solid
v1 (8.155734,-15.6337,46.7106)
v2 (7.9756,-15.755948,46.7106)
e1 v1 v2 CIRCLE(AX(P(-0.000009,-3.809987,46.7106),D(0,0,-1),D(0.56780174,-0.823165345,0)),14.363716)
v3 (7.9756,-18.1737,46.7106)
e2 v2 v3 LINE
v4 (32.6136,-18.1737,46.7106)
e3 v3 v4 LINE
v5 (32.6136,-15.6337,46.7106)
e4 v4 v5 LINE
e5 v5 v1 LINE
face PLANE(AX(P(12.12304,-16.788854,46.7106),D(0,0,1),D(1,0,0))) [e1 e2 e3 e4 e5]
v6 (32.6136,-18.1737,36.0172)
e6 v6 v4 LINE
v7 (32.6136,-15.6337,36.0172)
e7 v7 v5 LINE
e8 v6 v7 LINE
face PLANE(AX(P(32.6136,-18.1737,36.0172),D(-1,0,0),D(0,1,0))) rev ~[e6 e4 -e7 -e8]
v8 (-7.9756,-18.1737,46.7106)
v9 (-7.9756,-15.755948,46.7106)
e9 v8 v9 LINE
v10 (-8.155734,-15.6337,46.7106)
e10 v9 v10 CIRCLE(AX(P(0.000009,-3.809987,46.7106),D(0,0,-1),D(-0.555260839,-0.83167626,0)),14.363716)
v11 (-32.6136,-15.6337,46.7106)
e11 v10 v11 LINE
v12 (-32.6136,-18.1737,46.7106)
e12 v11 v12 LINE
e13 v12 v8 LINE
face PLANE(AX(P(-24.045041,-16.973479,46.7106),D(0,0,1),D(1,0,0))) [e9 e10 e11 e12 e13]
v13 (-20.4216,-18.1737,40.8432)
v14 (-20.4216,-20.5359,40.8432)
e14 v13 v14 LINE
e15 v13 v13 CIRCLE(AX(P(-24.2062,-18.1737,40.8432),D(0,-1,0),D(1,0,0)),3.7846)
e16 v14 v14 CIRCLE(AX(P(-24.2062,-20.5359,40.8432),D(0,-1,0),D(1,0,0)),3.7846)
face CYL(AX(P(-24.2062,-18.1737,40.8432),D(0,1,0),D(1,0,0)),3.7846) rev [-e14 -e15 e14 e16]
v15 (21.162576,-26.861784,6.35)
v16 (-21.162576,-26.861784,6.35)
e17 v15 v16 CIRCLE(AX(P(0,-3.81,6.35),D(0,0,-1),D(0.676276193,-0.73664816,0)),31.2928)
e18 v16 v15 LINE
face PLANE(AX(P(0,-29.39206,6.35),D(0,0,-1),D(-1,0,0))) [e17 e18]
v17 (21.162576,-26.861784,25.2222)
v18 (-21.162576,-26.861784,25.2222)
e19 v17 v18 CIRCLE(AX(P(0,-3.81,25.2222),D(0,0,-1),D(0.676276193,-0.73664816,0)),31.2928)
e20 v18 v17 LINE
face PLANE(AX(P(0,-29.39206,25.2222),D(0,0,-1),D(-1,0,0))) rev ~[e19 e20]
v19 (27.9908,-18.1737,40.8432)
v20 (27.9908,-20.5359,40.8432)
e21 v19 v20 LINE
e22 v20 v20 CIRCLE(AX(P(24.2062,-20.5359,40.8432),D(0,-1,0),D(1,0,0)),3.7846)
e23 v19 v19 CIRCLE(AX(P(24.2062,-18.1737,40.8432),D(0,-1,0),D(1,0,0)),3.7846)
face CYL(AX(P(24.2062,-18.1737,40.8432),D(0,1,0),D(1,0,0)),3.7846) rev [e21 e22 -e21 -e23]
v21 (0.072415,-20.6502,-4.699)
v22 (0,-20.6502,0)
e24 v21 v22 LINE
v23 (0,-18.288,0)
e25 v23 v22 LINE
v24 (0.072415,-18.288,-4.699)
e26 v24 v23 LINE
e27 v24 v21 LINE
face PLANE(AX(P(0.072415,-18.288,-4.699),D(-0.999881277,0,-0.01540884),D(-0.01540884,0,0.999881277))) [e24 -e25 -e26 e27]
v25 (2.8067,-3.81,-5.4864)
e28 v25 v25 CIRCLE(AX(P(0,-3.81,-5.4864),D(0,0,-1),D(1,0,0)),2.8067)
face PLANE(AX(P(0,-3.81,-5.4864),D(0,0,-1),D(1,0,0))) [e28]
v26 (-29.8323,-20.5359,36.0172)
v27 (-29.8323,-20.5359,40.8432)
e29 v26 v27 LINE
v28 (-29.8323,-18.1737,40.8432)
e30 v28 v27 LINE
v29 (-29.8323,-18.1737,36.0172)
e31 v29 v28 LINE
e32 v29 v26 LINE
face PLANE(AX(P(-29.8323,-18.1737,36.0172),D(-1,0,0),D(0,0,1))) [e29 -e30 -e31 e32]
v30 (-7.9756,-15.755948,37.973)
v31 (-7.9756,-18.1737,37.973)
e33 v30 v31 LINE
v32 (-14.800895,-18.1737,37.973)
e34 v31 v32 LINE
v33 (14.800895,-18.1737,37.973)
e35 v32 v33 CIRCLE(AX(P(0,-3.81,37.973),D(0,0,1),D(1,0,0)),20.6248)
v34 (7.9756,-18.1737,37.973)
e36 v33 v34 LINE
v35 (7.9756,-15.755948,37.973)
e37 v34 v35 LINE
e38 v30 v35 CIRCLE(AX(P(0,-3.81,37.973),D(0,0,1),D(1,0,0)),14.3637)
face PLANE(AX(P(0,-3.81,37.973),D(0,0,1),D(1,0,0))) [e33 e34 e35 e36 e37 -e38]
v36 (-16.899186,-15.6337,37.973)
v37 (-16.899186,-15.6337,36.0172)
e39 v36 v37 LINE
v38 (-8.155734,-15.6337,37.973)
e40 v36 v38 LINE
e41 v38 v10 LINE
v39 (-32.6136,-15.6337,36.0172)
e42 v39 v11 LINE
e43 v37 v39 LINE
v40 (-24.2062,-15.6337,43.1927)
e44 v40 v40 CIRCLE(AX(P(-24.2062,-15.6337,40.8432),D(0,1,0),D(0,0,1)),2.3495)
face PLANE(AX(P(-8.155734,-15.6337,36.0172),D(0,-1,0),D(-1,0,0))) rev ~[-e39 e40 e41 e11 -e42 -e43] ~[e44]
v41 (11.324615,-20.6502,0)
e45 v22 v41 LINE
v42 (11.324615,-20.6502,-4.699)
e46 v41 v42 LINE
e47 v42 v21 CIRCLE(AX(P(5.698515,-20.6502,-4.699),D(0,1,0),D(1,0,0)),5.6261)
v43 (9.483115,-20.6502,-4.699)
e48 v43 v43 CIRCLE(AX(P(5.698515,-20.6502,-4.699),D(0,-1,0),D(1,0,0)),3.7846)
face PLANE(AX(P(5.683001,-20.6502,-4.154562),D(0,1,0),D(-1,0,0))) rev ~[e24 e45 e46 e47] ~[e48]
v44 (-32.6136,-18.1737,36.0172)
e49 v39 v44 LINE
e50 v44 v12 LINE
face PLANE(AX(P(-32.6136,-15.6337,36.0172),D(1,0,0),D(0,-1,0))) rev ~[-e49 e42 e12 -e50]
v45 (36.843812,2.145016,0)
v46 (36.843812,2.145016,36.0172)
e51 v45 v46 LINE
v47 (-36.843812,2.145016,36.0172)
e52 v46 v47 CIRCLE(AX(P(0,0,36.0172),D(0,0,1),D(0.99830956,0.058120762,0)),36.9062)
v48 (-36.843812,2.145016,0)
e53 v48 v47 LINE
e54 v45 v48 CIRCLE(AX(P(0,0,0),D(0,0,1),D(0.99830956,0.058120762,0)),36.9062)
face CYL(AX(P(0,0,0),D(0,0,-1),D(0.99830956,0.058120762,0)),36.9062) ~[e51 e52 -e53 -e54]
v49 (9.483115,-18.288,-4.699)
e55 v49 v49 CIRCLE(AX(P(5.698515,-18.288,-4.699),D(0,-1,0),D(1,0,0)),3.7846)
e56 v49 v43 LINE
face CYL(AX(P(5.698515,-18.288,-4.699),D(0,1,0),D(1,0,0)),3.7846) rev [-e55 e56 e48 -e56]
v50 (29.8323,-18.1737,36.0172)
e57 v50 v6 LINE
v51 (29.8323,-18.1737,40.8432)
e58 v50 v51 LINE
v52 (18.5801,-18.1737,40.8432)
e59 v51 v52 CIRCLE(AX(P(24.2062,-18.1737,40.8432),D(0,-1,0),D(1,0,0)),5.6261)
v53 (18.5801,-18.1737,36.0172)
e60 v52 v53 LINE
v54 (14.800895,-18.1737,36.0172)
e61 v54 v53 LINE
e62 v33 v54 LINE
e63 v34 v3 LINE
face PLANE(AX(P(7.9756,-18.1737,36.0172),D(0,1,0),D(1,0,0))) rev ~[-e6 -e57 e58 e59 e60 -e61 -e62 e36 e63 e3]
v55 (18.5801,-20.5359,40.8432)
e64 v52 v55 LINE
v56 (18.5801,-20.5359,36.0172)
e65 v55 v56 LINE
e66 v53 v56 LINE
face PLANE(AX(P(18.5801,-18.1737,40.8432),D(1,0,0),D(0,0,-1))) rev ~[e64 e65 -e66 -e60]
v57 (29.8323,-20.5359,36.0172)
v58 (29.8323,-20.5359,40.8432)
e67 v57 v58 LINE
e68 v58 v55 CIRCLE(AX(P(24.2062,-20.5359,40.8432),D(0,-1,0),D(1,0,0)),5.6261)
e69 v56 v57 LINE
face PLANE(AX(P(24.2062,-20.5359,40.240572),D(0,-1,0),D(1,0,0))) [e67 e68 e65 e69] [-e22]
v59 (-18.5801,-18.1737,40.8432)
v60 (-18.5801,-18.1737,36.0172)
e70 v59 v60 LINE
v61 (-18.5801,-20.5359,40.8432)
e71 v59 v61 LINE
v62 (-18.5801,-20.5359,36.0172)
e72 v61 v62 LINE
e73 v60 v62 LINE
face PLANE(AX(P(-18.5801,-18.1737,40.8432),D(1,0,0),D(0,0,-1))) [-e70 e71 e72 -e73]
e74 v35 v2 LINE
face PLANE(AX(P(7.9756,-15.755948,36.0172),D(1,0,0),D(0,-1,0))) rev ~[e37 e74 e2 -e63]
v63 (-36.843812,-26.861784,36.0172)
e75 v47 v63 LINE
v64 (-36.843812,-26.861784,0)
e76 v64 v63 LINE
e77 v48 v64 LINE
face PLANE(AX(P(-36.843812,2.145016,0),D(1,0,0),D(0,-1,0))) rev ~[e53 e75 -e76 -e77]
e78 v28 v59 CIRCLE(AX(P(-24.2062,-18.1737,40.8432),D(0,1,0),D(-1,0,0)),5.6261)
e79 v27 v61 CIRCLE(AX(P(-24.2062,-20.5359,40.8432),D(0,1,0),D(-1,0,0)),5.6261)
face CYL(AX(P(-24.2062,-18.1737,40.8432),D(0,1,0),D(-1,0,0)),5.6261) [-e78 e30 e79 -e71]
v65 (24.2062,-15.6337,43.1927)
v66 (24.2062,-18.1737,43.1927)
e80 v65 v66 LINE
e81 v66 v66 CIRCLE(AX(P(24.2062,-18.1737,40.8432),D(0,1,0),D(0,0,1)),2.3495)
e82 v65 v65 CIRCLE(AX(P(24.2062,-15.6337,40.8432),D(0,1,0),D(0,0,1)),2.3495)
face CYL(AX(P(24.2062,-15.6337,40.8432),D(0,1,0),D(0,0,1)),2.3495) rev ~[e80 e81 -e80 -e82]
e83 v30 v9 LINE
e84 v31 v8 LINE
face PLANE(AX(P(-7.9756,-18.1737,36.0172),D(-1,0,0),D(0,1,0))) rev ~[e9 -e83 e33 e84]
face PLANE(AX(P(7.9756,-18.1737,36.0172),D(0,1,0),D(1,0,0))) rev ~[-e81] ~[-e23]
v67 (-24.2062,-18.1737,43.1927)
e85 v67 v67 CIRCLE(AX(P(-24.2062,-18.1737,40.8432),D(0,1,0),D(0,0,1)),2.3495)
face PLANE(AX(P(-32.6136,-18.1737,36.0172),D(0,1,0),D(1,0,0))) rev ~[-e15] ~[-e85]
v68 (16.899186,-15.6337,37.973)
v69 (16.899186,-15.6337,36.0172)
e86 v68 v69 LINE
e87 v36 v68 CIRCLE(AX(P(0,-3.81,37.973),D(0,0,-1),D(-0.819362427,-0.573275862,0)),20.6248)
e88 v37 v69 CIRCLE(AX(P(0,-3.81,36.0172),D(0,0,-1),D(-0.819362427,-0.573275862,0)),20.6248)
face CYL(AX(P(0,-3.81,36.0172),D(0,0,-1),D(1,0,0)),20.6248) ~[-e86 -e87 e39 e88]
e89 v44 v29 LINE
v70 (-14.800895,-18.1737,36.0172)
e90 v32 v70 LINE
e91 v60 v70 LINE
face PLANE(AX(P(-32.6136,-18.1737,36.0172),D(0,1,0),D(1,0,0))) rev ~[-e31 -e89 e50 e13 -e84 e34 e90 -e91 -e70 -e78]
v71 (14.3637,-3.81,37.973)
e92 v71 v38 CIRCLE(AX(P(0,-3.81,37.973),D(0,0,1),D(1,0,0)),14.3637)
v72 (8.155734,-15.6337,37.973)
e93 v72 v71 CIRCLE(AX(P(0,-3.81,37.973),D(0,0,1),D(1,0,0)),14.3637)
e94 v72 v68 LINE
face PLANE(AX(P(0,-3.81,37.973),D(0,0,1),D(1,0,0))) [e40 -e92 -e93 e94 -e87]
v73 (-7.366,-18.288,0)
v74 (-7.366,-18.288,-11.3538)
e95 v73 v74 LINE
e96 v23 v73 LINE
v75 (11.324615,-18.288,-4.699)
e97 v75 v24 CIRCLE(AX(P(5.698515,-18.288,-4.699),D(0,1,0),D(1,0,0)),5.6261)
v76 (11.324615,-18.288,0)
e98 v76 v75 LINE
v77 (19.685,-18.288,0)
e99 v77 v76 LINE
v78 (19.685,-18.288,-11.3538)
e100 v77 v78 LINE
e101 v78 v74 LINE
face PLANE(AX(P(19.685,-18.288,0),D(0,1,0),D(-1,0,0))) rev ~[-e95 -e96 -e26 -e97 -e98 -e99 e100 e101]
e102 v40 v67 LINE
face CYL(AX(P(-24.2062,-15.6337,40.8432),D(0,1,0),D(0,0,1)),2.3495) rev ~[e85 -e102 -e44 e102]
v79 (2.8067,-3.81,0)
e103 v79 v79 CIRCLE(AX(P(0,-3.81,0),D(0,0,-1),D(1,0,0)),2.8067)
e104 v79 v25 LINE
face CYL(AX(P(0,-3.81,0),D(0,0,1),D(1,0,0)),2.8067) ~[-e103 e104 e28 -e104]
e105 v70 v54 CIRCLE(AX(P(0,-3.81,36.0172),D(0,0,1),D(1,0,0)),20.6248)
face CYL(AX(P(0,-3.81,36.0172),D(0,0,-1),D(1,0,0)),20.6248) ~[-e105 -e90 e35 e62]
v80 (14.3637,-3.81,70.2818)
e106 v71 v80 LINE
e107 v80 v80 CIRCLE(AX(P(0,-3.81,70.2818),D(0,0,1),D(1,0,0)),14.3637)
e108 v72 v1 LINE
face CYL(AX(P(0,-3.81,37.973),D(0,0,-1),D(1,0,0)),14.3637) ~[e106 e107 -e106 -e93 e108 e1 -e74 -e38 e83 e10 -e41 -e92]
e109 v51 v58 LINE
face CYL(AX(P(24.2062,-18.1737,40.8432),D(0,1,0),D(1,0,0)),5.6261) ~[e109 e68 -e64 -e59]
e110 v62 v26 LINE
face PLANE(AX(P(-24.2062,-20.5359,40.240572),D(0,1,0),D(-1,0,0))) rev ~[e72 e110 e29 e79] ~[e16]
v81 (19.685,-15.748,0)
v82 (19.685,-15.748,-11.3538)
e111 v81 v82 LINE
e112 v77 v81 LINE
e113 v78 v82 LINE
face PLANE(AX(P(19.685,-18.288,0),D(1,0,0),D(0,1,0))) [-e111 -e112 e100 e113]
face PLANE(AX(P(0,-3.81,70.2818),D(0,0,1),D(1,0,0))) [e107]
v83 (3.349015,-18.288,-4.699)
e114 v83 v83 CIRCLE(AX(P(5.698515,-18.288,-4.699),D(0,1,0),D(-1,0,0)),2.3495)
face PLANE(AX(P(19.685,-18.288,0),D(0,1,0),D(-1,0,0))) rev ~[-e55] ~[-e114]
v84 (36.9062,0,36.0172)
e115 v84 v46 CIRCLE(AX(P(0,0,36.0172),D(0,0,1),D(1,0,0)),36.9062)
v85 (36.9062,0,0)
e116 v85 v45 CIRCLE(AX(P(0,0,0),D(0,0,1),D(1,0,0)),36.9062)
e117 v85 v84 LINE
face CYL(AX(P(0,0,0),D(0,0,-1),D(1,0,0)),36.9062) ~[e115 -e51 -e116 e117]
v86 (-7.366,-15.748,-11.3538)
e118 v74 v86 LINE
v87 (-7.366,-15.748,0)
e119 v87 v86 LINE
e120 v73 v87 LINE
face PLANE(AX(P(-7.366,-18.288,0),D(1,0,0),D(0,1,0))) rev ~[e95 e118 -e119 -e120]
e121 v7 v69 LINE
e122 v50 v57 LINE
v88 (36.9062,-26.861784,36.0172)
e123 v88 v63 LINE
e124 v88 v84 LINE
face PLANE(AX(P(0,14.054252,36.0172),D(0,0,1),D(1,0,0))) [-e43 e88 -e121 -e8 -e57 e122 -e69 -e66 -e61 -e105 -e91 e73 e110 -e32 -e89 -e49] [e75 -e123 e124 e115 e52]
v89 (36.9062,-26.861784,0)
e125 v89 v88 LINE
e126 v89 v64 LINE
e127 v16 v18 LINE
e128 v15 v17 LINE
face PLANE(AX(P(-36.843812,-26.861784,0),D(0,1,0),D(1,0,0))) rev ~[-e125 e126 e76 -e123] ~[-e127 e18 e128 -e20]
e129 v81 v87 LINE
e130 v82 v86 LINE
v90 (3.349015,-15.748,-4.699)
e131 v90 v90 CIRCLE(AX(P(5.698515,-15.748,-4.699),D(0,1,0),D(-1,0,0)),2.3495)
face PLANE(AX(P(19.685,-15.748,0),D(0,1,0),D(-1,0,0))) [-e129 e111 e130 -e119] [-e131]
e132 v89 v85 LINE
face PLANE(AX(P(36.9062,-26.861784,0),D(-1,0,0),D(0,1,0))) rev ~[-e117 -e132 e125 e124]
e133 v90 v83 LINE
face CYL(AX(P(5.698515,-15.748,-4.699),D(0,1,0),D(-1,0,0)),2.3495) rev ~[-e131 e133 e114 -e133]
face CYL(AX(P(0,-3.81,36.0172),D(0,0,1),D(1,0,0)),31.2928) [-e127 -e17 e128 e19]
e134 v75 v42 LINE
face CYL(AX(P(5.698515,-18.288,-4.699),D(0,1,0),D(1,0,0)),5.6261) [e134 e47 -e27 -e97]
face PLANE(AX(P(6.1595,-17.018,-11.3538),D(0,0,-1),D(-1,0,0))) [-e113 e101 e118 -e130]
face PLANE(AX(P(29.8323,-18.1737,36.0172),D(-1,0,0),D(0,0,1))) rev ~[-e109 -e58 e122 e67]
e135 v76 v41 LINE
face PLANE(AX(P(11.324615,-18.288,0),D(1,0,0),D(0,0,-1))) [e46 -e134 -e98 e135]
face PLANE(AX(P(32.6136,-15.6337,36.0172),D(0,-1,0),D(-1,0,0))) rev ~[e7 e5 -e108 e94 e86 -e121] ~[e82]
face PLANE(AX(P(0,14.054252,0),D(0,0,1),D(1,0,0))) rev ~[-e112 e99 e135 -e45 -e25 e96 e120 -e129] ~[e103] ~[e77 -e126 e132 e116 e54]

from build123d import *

# Parameters (mm, degrees)
BOSS_EXTRUDE1_DEPTH  = 36.0172
SKETCH7_R            = 31.2928
BOSS_EXTRUDE4_DEPTH  = 36.0172
CUT_EXTRUDE2_START   = -6.35
CUT_EXTRUDE2_DEPTH   = 6.35
CUT_EXTRUDE3_DEPTH   = 10.795
SKETCH10_R           = 2.8067
BOSS_EXTRUDE5_DEPTH  = 5.4864
SKETCH11_R           = 20.6248
BOSS_EXTRUDE6_DEPTH  = 1.9558
SKETCH12_R           = 14.3637
BOSS_EXTRUDE7_DEPTH  = 32.3088
BOSS_EXTRUDE9_DEPTH  = 10.6934
SKETCH14_R           = 2.3495
CUT_EXTRUDE4_DEPTH   = 2.54
SKETCH15_W           = 27.051
SKETCH15_H           = 2.54
BOSS_EXTRUDE10_DEPTH = 11.3538
SKETCH16_R           = 2.3495
CUT_EXTRUDE5_DEPTH   = 2.54
SKETCH17_R           = 3.7846
BOSS_EXTRUDE11_DEPTH = 2.3622
SKETCH18_R           = 3.7846
BOSS_EXTRUDE13_DEPTH = 2.3622


with BuildPart() as part:
    # Sketch1 → Boss-Extrude1 (new body)
    with BuildSketch(Plane.XY):
        with BuildLine():
            ThreePointArc((36.843812273, 2.145016468), (0, 36.9062), (-36.843812273, 2.145016468))
            Line((-36.843812273, 2.145016468), (36.843812273, 2.145016468))
        make_face()
        with BuildLine():
            Line((36.843812273, 2.145016468), (-36.843812273, 2.145016468))
            Line((-36.843812273, 2.145016468), (-36.843812273, -2.145016468))
            ThreePointArc((-36.843812273, -2.145016468), (-33.44326867, -15.608183082), (-25.30834218, -26.861783532))
            Line((-25.30834218, -26.861783532), (25.30834218, -26.861783532))
            ThreePointArc((25.30834218, -26.861783532), (33.882903776, -14.629300398), (36.9062, 0))
            ThreePointArc((36.9062, 0), (36.890599771, 1.072961774), (36.843812273, 2.145016468))
        make_face()
        with BuildLine():
            Line((36.9062, -26.861783532), (36.9062, 0))
            ThreePointArc((36.9062, 0), (33.882903776, -14.629300398), (25.30834218, -26.861783532))
            Line((25.30834218, -26.861783532), (36.9062, -26.861783532))
        make_face()
        with BuildLine():
            ThreePointArc((-25.30834218, -26.861783532), (-33.44326867, -15.608183082), (-36.843812273, -2.145016468))
            Line((-36.843812273, -2.145016468), (-36.843812273, -26.861783532))
            Line((-36.843812273, -26.861783532), (-25.30834218, -26.861783532))
        make_face()
    extrude(amount=BOSS_EXTRUDE1_DEPTH)

    # Sketch7 → Boss-Extrude4 (add)
    with BuildSketch(Plane.XY.offset(36.0172)):
        with Locations((0, -3.81)):
            Circle(SKETCH7_R)
    extrude(amount=-BOSS_EXTRUDE4_DEPTH)

    # Sketch6 → Cut-Extrude2 (cut)
    with BuildSketch(Plane(origin=(0, 0, 0), x_dir=(-1, 0, 0), z_dir=(0, 0, -1)).offset(CUT_EXTRUDE2_START)):
        with BuildLine():
            Line((21.162575643, -26.861783532), (-21.162575643, -26.861783532))
            ThreePointArc((-21.162575643, -26.861783532), (0, -35.1028), (21.162575643, -26.861783532))
        make_face()
    extrude(amount=CUT_EXTRUDE2_DEPTH, mode=Mode.SUBTRACT)

    # Sketch9 → Cut-Extrude3 (cut)
    with BuildSketch(Plane.XY.offset(36.0172)):
        with BuildLine():
            Line((-21.162575643, -26.861783532), (21.162575643, -26.861783532))
            ThreePointArc((21.162575643, -26.861783532), (0, -35.1028), (-21.162575643, -26.861783532))
        make_face()
    extrude(amount=-CUT_EXTRUDE3_DEPTH, mode=Mode.SUBTRACT)

    # Sketch10 → Boss-Extrude5 (add)
    with BuildSketch(Plane(origin=(0, 0, 0), x_dir=(-1, 0, 0), z_dir=(0, 0, -1))):
        with Locations(Location((0, -3.81, 0), (0, 0, 180))):
            Circle(SKETCH10_R)
    extrude(amount=BOSS_EXTRUDE5_DEPTH)

    # Sketch11 → Boss-Extrude6 (add)
    with BuildSketch(Plane.XY.offset(36.0172)):
        with Locations((0, -3.81)):
            Circle(SKETCH11_R)
    extrude(amount=BOSS_EXTRUDE6_DEPTH)

    # Sketch12 → Boss-Extrude7 (add)
    with BuildSketch(Plane.XY.offset(37.973)):
        with Locations((0, -3.81)):
            Circle(SKETCH12_R)
    extrude(amount=BOSS_EXTRUDE7_DEPTH)

    # Sketch13 → Boss-Extrude9 (add)
    with BuildSketch(Plane.XY.offset(36.0172)):
        with BuildLine():
            Line((-32.6136, -18.1737), (-14.800895154, -18.1737))
            ThreePointArc((-14.800895154, -18.1737), (-15.900839256, -16.945664657), (-16.899186174, -15.6337))
            Line((-16.899186174, -15.6337), (-32.6136, -15.6337))
            Line((-32.6136, -15.6337), (-32.6136, -18.1737))
        make_face()
        with BuildLine():
            ThreePointArc((-16.899186174, -15.6337), (-15.900839256, -16.945664657), (-14.800895154, -18.1737))
            Line((-14.800895154, -18.1737), (-7.9756, -18.1737))
            Line((-7.9756, -18.1737), (-7.9756, -15.755948365))
            ThreePointArc((-7.9756, -15.755948365), (-8.065898573, -15.695165455), (-8.155733934, -15.6337))
            Line((-8.155733934, -15.6337), (-16.899186174, -15.6337))
        make_face()
        with BuildLine():
            Line((7.9756, -18.1737), (14.800895154, -18.1737))
            ThreePointArc((14.800895154, -18.1737), (15.900839256, -16.945664657), (16.899186174, -15.6337))
            Line((16.899186174, -15.6337), (8.155733934, -15.6337))
            ThreePointArc((8.155733934, -15.6337), (8.065898573, -15.695165455), (7.9756, -15.755948365))
            Line((7.9756, -15.755948365), (7.9756, -18.1737))
        make_face()
        with BuildLine():
            Line((14.800895154, -18.1737), (32.6136, -18.1737))
            Line((32.6136, -18.1737), (32.6136, -15.6337))
            Line((32.6136, -15.6337), (16.899186174, -15.6337))
            ThreePointArc((16.899186174, -15.6337), (15.900839256, -16.945664657), (14.800895154, -18.1737))
        make_face()
    extrude(amount=BOSS_EXTRUDE9_DEPTH)

    # Sketch14 → Cut-Extrude4 (cut)
    with BuildSketch(Plane(origin=(0, -15.6337, 0), x_dir=(1, 0, 0), z_dir=(0, 1, 0))):
        with Locations(Location((-24.2062, -40.8432, 0), (0, 0, 270))):
            Circle(SKETCH14_R)
        with Locations(Location((24.2062, -40.8432, 0), (0, 0, 270))):
            Circle(SKETCH14_R)
    extrude(amount=-CUT_EXTRUDE4_DEPTH, mode=Mode.SUBTRACT)

    # Sketch15 → Boss-Extrude10 (add)
    with BuildSketch(Plane(origin=(0, 0, 0), x_dir=(-1, 0, 0), z_dir=(0, 0, -1))):
        with Locations((-6.1595, -17.018)):
            Rectangle(SKETCH15_W, SKETCH15_H)
    extrude(amount=BOSS_EXTRUDE10_DEPTH)

    # Sketch16 → Cut-Extrude5 (cut)
    with BuildSketch(Plane(origin=(0, -15.748, 0), x_dir=(1, 0, 0), z_dir=(0, 1, 0))):
        with Locations(Location((5.698514736, 4.699, 0), (0, 0, 180))):
            Circle(SKETCH16_R)
    extrude(amount=-CUT_EXTRUDE5_DEPTH, mode=Mode.SUBTRACT)

    # Sketch17 → Boss-Extrude11 (add)
    with BuildSketch(Plane.XZ.offset(18.288)):
        with BuildLine():
            Line((0.072414736, -4.699), (0, 0))
            Line((0, 0), (11.324614736, 0))
            Line((11.324614736, 0), (11.324614736, -4.699))
            ThreePointArc((11.324614736, -4.699), (5.698514736, -10.3251), (0.072414736, -4.699))
        make_face()
        with Locations((5.698514736, -4.699)):
            Circle(SKETCH17_R, mode=Mode.SUBTRACT)
    extrude(amount=BOSS_EXTRUDE11_DEPTH)

    # Sketch18 → Boss-Extrude13 (add)
    # profile 1 of 2: a face of its own
    with BuildSketch(Plane.XZ.offset(18.1737)):
        with BuildLine():
            Line((-18.5801, 40.8432), (-18.5801, 36.0172))
            Line((-18.5801, 36.0172), (-29.8323, 36.0172))
            Line((-29.8323, 36.0172), (-29.8323, 40.8432))
            ThreePointArc((-29.8323, 40.8432), (-24.2062, 46.4693), (-18.5801, 40.8432))
        make_face()
        with Locations((-24.2062, 40.8432)):
            Circle(SKETCH18_R, mode=Mode.SUBTRACT)
    # profile 2 of 2: a face of its own
    with BuildSketch(Plane.XZ.offset(18.1737)):
        with BuildLine():
            Line((29.8323, 36.0172), (29.8323, 40.8432))
            ThreePointArc((29.8323, 40.8432), (24.2062, 46.4693), (18.5801, 40.8432))
            Line((18.5801, 40.8432), (18.5801, 36.0172))
            Line((18.5801, 36.0172), (29.8323, 36.0172))
        make_face()
        with Locations((24.2062, 40.8432)):
            Circle(SKETCH18_R, mode=Mode.SUBTRACT)
    extrude(amount=BOSS_EXTRUDE13_DEPTH)


solid = part.part
